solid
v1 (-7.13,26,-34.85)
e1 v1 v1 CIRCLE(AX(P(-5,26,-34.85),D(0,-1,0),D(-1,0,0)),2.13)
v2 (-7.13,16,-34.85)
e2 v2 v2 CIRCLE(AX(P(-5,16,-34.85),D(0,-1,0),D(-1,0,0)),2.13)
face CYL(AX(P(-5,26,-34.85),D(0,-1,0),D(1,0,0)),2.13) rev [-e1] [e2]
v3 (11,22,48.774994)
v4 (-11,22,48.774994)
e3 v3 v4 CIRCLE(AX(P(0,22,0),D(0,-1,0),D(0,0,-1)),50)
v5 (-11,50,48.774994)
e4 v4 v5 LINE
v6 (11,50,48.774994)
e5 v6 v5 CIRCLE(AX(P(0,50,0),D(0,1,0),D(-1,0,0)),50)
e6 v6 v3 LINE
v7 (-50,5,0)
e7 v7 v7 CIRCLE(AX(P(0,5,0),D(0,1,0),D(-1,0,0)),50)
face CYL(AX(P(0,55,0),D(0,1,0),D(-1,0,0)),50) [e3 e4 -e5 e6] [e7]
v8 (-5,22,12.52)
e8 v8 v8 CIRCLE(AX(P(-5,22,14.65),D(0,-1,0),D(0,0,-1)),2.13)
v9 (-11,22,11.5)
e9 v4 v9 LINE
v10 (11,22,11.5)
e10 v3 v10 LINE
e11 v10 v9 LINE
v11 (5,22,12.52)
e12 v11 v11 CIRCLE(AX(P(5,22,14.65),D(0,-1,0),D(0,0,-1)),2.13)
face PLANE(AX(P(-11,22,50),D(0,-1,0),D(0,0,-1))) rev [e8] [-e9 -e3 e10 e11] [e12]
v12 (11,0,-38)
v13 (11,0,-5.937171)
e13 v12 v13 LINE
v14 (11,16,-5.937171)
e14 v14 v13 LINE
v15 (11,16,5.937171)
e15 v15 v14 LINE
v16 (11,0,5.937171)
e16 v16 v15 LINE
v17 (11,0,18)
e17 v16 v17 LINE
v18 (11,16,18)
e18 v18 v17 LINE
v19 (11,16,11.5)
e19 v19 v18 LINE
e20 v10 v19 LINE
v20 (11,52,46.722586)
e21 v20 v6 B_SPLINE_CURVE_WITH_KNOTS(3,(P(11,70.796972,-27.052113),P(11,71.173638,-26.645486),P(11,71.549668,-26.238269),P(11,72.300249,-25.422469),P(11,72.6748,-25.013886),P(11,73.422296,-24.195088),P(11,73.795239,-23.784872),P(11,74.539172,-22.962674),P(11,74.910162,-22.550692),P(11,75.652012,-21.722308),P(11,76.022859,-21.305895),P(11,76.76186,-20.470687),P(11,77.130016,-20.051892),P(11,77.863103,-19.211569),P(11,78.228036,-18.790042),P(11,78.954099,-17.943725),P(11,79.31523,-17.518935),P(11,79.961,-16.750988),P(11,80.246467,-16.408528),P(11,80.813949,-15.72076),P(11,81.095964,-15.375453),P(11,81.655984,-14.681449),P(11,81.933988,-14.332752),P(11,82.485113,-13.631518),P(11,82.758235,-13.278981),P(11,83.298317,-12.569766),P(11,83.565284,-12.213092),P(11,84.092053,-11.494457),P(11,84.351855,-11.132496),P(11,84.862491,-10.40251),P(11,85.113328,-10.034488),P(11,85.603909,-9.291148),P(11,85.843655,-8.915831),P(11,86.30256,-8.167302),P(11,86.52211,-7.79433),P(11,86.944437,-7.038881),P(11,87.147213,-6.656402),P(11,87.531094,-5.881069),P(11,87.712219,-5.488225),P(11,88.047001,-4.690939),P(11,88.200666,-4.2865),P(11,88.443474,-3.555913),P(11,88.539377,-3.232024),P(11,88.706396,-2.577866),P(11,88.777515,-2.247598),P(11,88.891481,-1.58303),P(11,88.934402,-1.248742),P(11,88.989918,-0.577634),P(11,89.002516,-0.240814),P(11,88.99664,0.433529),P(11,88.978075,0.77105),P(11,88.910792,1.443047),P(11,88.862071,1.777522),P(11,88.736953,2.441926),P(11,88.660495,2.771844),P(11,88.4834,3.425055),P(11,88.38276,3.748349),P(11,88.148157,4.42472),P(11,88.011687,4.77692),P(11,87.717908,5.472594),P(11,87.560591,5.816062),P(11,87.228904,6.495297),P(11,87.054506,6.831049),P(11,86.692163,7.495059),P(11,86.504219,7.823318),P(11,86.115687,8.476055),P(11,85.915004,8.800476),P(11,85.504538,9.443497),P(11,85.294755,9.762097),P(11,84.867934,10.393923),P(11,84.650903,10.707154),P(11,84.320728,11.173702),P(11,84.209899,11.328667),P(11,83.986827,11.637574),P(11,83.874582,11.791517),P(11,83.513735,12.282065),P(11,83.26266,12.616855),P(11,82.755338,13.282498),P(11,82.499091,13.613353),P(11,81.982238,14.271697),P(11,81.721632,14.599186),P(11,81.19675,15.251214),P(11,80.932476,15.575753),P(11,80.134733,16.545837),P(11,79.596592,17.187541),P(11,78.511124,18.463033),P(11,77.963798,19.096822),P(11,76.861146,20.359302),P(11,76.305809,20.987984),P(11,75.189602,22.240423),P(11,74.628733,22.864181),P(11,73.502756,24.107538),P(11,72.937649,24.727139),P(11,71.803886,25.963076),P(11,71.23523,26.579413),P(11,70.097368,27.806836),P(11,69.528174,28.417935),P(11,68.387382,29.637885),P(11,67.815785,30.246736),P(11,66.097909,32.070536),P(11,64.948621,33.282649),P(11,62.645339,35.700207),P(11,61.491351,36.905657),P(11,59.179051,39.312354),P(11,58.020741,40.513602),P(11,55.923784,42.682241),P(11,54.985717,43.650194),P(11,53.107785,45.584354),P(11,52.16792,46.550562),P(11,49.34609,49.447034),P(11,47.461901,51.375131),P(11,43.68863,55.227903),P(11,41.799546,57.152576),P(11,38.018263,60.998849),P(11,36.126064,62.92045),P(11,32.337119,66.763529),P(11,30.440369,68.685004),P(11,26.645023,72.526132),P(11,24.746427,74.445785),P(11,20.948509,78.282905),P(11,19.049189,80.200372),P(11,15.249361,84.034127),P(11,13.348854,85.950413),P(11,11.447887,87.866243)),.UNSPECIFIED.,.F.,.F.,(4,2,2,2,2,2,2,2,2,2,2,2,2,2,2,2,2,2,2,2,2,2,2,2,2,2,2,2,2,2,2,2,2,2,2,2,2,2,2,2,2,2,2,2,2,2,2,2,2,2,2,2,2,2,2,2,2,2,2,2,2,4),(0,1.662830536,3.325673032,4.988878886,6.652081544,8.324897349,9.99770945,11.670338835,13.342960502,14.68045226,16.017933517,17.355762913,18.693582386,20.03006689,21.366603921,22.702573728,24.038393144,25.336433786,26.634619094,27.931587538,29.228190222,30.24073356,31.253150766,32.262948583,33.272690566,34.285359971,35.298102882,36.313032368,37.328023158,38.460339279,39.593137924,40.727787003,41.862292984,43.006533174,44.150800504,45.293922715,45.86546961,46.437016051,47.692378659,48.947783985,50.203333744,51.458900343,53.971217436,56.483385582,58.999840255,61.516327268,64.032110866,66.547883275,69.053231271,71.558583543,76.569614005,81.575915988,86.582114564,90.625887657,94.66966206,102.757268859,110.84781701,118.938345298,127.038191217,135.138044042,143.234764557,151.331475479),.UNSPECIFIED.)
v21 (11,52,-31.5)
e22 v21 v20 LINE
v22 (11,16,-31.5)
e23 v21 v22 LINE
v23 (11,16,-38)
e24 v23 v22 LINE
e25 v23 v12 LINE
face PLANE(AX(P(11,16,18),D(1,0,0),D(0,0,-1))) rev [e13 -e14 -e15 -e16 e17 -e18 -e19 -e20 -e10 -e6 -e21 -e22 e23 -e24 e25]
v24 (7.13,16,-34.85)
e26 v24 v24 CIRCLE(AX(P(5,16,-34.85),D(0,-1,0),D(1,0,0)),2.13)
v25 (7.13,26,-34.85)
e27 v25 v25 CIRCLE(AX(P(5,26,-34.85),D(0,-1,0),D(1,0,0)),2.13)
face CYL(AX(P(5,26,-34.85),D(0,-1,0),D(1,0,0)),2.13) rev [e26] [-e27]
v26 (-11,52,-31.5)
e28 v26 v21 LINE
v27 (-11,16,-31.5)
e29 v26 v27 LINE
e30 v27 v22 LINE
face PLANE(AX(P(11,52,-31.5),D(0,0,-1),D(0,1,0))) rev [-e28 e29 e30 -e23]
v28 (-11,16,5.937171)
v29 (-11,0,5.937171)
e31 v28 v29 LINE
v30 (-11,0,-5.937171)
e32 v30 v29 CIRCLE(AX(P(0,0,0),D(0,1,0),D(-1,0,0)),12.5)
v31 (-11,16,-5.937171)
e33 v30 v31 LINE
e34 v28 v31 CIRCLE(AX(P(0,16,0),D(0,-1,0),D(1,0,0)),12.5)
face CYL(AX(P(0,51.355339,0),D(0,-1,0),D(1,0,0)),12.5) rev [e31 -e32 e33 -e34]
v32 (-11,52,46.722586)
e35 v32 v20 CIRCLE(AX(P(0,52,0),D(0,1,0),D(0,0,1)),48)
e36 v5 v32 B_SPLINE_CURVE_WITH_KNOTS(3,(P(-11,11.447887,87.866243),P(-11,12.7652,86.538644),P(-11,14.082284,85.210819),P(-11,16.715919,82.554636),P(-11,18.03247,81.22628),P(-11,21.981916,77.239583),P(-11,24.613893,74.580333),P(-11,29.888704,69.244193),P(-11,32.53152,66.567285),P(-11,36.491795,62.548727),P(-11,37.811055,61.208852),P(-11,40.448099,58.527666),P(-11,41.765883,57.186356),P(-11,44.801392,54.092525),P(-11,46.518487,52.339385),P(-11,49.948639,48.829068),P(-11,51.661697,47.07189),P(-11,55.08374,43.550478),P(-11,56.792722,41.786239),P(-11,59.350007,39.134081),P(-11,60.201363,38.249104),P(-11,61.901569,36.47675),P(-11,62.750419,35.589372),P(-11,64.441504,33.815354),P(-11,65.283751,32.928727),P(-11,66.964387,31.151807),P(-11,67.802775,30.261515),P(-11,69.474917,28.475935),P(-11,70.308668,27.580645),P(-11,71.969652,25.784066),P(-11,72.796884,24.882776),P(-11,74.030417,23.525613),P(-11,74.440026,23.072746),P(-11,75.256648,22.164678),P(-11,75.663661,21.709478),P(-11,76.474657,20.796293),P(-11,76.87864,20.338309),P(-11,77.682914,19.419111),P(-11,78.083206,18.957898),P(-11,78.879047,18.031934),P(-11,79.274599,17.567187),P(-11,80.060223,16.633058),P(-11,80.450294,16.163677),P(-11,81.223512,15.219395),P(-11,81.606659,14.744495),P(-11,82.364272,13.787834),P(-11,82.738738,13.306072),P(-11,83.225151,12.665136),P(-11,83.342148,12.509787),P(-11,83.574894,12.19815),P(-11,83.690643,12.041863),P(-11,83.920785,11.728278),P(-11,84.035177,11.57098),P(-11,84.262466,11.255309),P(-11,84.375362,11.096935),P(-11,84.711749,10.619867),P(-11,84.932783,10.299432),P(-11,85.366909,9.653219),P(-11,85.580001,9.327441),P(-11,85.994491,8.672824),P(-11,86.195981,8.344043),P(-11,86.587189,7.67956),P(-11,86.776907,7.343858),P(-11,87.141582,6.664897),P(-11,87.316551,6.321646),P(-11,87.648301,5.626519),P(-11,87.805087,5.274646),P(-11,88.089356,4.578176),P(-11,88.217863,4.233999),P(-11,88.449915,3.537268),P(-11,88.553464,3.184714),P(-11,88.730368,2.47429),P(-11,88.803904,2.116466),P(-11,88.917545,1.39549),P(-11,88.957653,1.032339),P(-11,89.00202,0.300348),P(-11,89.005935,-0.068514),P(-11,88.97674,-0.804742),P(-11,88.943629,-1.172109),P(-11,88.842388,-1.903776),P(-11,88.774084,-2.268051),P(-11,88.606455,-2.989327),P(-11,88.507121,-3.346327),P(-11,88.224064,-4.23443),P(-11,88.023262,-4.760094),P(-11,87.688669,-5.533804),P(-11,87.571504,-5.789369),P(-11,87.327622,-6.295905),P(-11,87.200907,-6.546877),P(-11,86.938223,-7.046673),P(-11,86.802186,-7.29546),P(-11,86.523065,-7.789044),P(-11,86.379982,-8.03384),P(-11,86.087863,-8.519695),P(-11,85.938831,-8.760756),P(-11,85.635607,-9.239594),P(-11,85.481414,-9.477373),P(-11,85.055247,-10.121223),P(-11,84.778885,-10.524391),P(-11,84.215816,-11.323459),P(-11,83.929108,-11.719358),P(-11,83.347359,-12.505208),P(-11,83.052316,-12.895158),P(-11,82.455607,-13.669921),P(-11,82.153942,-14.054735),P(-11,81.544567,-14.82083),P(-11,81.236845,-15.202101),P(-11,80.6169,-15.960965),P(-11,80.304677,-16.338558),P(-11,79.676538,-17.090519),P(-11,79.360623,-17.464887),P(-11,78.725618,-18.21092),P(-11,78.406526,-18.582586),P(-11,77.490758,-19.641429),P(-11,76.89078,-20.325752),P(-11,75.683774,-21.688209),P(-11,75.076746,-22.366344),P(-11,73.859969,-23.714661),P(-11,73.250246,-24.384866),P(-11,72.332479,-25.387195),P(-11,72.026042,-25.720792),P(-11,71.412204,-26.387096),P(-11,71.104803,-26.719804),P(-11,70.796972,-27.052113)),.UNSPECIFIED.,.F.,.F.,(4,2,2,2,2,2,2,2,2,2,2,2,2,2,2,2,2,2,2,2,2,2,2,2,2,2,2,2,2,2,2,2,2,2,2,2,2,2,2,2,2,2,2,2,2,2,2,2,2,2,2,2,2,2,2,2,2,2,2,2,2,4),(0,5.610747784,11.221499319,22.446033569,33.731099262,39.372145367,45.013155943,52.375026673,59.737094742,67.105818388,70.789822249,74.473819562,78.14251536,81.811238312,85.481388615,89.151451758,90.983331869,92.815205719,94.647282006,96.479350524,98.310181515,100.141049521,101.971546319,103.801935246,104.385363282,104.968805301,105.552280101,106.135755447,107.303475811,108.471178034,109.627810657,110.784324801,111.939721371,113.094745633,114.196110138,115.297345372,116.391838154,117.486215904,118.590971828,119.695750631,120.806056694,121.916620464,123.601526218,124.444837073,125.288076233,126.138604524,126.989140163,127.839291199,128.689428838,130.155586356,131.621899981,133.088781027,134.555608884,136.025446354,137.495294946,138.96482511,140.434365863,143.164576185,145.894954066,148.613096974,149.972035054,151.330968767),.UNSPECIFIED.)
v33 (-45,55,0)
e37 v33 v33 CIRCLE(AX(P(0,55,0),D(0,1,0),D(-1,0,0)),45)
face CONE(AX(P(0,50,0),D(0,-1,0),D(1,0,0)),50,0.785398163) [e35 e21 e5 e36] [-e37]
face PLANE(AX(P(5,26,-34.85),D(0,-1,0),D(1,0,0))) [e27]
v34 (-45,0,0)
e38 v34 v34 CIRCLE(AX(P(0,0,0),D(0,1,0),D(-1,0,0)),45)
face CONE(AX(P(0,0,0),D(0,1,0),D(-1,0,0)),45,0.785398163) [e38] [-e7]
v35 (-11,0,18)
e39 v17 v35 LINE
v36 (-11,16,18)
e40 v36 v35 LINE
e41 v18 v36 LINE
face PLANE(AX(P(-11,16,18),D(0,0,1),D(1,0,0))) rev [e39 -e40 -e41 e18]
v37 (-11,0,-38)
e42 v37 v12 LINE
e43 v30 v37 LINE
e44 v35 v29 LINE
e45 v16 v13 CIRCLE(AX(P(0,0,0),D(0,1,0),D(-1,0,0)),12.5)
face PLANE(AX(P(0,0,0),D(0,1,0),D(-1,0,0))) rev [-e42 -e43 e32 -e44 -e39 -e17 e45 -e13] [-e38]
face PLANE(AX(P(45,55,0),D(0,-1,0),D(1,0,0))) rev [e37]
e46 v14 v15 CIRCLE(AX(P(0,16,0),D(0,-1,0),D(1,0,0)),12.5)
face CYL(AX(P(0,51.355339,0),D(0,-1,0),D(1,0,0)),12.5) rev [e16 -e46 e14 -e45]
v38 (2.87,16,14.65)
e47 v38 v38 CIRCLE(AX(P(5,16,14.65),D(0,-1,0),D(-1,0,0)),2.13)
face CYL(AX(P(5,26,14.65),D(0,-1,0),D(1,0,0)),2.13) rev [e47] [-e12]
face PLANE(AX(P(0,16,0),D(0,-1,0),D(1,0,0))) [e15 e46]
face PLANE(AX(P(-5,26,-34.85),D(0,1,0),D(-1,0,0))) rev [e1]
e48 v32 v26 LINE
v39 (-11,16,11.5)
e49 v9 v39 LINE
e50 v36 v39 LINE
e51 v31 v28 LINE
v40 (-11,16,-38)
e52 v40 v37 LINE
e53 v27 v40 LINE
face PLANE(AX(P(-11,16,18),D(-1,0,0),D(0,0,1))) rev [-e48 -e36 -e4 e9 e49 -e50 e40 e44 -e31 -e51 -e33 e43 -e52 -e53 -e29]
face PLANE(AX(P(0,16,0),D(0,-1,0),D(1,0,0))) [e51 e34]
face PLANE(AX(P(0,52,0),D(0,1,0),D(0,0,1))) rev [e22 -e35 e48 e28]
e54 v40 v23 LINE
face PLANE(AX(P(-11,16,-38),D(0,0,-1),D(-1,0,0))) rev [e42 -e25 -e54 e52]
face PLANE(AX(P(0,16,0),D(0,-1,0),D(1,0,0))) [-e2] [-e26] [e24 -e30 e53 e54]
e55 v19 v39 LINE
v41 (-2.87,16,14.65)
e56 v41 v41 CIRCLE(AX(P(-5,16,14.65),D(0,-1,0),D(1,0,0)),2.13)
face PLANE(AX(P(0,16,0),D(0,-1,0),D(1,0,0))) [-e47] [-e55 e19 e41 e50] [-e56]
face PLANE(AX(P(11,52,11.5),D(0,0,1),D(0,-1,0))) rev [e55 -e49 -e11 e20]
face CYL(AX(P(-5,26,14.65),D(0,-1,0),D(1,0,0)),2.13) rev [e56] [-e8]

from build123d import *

# Parameters (mm, degrees)
SKETCH2_W          = 22
SKETCH2_H          = 56
CUT_EXTRUDE1_DEPTH = 16
SKETCH3_W          = 22
SKETCH3_H          = 43
CUT_EXTRUDE2_DEPTH = 36
SKETCH5_R          = 12.5
CUT_EXTRUDE4_DEPTH = 16
SKETCH6_W          = 22
SKETCH6_H          = 30
CUT_EXTRUDE5_DEPTH = 97.474089786
SKETCH4_R          = 2.13
CUT_EXTRUDE3_DEPTH = 10


with BuildPart() as part:
    # Sketch1 → Revolve1 (revolve)
    with BuildSketch(Plane.XY, mode=Mode.PRIVATE) as revolve1_sk:
        Polygon((0, 0), (45, 0), (50, 5), (50, 50), (45, 55), (0, 55), align=None)
    revolve(revolve1_sk.sketch.rotate(Axis((0, 55, 0), (0, -1, 0)), 180), axis=Axis((0, 55, 0), (0, -1, 0)))

    # Sketch2 → Cut-Extrude1 (cut)
    with BuildSketch(Plane.XZ):
        with Locations((0, -10)):
            Rectangle(SKETCH2_W, SKETCH2_H)
    extrude(amount=-CUT_EXTRUDE1_DEPTH, mode=Mode.SUBTRACT)

    # Sketch3 → Cut-Extrude2 (cut)
    with BuildSketch(Plane.XZ.offset(-16)):
        with Locations((0, -10)):
            Rectangle(SKETCH3_W, SKETCH3_H)
    extrude(amount=-CUT_EXTRUDE2_DEPTH, mode=Mode.SUBTRACT)

    # Sketch5 → Cut-Extrude4 (cut)
    with BuildSketch(Plane(origin=(0, 0, 0), x_dir=(1, 0, 0), z_dir=(0, 1, 0))):
        Circle(SKETCH5_R)
    extrude(amount=CUT_EXTRUDE4_DEPTH, mode=Mode.SUBTRACT)

    # Sketch6 → Cut-Extrude5 (cut, through all)
    with BuildSketch(Plane(origin=(0, 0, 11.5), x_dir=(-1, 0, 0), z_dir=(0, 0, -1))):
        with Locations((0, 37)):
            Rectangle(SKETCH6_W, SKETCH6_H)
    extrude(amount=-CUT_EXTRUDE5_DEPTH, mode=Mode.SUBTRACT)

    # Sketch4 → Cut-Extrude3 (cut)
    with BuildSketch(Plane.XZ.offset(-16)):
        with Locations((-5, 14.65)):
            Circle(SKETCH4_R)
        with Locations(Location((5, 14.65, 0), (0, 0, 270))):
            Circle(SKETCH4_R)
        with Locations((5, -34.85)):
            Circle(SKETCH4_R)
        with Locations(Location((-5, -34.85, 0), (0, 0, 180))):
            Circle(SKETCH4_R)
    extrude(amount=-CUT_EXTRUDE3_DEPTH, mode=Mode.SUBTRACT)


solid = part.part
